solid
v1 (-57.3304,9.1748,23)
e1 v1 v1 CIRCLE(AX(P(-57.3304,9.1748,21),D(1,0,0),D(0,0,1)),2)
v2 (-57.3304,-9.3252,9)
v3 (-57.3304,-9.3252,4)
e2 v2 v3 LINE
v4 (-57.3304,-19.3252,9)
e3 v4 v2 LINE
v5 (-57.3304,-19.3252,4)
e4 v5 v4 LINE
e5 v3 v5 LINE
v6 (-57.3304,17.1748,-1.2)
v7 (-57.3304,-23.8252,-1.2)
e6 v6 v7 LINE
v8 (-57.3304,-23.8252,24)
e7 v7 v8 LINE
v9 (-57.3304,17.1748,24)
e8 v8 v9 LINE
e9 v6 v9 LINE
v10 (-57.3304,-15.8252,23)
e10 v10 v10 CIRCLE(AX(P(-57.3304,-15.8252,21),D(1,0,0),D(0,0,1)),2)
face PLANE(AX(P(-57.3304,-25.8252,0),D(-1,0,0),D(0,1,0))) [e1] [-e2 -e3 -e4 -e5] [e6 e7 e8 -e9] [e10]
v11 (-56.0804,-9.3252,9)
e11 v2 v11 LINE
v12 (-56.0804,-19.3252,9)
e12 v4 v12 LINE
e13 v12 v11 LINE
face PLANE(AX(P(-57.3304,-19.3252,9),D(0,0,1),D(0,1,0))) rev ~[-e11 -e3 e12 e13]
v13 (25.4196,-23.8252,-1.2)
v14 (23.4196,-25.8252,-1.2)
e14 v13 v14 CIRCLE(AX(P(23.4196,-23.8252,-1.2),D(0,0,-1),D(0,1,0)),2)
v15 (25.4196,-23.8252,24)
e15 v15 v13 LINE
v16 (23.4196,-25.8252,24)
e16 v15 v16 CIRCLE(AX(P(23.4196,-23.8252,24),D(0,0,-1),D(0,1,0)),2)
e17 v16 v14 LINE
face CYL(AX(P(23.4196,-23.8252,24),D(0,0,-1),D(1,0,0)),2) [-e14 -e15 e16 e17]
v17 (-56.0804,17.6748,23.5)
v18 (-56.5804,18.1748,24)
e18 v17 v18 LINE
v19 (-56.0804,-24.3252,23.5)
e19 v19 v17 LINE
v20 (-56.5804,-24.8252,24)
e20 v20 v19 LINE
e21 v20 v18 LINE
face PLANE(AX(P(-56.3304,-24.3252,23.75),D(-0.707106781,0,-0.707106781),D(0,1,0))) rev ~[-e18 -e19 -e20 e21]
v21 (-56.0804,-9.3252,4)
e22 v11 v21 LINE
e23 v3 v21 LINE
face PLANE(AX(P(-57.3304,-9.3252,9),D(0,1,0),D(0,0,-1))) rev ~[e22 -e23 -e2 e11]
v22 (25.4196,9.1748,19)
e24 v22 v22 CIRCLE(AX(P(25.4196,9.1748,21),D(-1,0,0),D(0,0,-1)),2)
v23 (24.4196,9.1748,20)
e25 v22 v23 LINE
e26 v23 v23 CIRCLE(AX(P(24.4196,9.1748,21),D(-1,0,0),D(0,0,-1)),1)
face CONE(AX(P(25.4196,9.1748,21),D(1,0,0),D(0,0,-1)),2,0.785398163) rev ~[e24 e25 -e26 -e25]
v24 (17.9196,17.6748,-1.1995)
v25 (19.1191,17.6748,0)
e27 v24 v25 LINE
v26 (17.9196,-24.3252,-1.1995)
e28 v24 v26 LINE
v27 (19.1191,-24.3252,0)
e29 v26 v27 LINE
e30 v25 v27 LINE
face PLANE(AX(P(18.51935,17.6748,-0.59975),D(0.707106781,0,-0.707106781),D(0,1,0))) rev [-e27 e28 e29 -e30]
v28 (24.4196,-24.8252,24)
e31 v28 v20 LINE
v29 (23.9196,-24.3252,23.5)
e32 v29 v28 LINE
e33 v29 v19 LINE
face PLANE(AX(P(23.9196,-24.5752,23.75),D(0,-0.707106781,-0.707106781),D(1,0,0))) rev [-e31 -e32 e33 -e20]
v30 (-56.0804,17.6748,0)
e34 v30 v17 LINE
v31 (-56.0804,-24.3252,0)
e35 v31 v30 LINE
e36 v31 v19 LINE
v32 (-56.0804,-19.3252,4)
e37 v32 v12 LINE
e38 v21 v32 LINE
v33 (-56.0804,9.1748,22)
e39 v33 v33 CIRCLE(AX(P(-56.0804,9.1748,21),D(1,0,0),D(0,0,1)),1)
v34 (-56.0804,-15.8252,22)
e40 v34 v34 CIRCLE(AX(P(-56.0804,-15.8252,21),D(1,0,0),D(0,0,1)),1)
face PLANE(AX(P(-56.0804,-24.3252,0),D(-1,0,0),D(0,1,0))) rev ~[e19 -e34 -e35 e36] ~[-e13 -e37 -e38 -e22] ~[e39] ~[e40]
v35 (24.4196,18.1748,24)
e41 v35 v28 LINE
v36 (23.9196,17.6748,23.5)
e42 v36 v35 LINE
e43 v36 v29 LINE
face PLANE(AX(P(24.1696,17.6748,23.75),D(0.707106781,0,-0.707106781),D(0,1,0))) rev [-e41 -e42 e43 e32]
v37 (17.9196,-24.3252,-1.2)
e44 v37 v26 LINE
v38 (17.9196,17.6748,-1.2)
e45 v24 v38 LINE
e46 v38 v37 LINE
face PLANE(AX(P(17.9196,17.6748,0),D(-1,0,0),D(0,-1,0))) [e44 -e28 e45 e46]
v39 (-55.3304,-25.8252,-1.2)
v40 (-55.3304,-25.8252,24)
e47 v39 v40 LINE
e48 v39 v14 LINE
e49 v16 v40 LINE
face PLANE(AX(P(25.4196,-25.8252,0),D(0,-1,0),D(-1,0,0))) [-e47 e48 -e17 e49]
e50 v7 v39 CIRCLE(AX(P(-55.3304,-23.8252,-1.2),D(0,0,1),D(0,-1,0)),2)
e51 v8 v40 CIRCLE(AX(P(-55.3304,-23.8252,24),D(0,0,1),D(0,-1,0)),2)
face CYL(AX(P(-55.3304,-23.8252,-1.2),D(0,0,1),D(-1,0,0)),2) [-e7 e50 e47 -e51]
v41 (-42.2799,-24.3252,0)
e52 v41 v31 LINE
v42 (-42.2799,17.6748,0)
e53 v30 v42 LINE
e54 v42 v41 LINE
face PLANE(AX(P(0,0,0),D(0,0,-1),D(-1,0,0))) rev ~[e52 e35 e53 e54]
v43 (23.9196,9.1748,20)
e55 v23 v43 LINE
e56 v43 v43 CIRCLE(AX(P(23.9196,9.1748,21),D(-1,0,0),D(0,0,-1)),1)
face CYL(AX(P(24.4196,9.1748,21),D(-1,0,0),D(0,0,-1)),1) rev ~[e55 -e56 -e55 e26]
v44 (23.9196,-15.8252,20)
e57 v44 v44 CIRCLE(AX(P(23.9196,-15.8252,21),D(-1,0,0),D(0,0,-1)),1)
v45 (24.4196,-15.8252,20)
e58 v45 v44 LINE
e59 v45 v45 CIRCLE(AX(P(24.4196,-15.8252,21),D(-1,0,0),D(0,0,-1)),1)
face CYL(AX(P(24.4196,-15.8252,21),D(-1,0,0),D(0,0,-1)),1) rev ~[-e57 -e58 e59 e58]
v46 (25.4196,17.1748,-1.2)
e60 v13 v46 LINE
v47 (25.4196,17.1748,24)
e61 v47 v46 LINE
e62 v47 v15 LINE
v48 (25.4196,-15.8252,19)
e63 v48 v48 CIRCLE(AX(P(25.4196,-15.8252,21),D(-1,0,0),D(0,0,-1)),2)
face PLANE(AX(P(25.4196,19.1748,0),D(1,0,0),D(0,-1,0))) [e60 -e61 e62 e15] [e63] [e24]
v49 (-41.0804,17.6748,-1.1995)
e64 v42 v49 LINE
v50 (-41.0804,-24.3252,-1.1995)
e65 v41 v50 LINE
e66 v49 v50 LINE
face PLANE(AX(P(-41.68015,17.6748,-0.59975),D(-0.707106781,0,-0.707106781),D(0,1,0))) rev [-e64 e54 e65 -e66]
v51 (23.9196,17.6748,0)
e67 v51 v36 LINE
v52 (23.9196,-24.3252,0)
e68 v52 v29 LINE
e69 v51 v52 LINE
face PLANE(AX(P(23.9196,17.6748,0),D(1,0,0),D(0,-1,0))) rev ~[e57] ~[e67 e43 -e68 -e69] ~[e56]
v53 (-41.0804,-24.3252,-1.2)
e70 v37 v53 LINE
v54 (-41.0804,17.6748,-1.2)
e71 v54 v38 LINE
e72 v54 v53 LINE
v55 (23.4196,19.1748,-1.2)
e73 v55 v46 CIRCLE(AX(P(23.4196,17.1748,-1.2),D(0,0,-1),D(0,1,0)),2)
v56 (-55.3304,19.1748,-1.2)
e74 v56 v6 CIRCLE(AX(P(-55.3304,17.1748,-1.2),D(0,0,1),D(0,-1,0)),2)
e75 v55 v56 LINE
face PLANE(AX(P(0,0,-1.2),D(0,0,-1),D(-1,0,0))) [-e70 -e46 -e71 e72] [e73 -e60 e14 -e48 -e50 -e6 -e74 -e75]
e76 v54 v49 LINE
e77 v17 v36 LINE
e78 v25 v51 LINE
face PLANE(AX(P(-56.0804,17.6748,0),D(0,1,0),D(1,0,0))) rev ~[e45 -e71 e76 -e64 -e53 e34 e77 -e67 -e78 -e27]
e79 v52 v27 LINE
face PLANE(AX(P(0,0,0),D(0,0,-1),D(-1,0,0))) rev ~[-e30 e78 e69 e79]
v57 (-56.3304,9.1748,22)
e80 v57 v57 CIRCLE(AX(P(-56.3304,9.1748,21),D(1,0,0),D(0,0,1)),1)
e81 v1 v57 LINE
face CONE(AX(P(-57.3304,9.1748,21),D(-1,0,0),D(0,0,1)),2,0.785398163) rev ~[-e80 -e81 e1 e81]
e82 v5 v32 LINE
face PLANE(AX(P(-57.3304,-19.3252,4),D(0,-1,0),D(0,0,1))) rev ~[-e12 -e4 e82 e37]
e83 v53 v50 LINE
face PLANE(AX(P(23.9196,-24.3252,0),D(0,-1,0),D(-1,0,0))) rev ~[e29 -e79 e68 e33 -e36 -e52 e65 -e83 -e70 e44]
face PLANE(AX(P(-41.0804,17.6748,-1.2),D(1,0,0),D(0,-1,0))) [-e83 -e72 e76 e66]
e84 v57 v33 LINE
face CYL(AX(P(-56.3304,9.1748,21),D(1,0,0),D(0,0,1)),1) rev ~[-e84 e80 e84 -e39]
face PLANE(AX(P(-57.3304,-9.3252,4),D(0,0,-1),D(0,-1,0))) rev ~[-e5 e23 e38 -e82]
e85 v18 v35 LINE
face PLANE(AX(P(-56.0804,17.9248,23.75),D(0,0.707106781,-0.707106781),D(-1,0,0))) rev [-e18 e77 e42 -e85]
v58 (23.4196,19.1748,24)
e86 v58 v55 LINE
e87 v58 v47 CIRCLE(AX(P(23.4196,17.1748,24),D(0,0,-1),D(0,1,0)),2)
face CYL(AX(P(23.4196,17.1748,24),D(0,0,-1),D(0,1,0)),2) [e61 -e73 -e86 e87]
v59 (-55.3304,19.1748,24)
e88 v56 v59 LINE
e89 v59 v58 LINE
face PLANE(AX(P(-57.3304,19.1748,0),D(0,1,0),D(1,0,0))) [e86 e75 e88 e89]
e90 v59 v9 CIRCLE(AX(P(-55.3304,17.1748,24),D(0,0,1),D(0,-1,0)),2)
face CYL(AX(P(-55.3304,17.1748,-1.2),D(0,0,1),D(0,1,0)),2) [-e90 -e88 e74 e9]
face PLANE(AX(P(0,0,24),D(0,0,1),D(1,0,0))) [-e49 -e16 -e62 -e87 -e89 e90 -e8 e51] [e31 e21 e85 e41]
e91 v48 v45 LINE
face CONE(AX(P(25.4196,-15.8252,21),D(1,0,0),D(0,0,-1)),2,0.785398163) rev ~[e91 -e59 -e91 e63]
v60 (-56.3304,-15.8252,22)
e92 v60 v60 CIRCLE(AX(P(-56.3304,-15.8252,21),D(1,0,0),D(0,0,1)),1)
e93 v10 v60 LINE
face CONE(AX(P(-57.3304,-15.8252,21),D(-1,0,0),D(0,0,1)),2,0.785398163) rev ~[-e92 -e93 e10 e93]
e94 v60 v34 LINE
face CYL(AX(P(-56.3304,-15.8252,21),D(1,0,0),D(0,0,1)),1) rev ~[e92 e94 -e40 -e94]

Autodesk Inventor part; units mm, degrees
ref_plane "YZ Plane" through (0, 0, 0) normal (1, 0, 0) x (0, 1, 0)
ref_plane "XZ Plane" through (0, 0, 0) normal (0, 1, 0) x (-1, 0, 0)
ref_plane "XY Plane" through (0, 0, 0) normal (0, 0, 1) x (1, 0, 0)
sketch "Sketch1" plane through (0, 0, 0) normal (0, 0, 1) x (1, 0, 0)
  line L0 (-56.0804, 17.6748) -> (23.9196, 17.6748)
  line L1 (23.9196, 17.6748) -> (23.9196, -24.3252)
  line L2 (23.9196, -24.3252) -> (-56.0804, -24.3252)
  line L3 (-56.0804, -24.3252) -> (-56.0804, 17.6748)
  line L4 (-57.3304, 19.1748) -> (25.4196, 19.1748)
  line L5 (25.4196, 19.1748) -> (25.4196, -25.8252)
  line L6 (25.4196, -25.8252) -> (-57.3304, -25.8252)
  line L7 (-57.3304, -25.8252) -> (-57.3304, 19.1748)
  point P0 (0, 0)
  dimension "d0" = 80
  dimension "d1" = 42
  dimension "d2" = 1.5
  dimension "d3" = 1.5
  dimension "d4" = 1.25
  dimension "d5" = 1.5
extrude "Extrusion1" add sketch "Sketch1" along normal blind 24
sketch "Sketch2" plane through (0, 0, 0) normal (0, 0, -1) x (-1, 0, 0)
  line L0 (-25.4196, -25.8252) -> (-25.4196, 19.1748) projected
  line L1 (57.3304, -25.8252) -> (-25.4196, -25.8252) projected
  line L2 (-25.4196, 19.1748) -> (57.3304, 19.1748)
  line L3 (57.3304, 19.1748) -> (57.3304, -25.8252)
  line L4 (57.3304, -25.8252) -> (-25.4196, -25.8252)
  line L5 (-25.4196, -25.8252) -> (-25.4196, 19.1748)
  point P0 (0, 0)
extrude "Extrusion2" add sketch "Sketch2" along normal blind 1.2
fillet "Fillet1" radius 2 4 edges at (-57.3304, 19.1748, 11.4) (-57.3304, -25.8252, 11.4) (25.4196, -25.8252, 11.4) (25.4196, 19.1748, 11.4)
sketch "Sketch3" plane through (0, 0, 0) normal (0, 0, 1) x (1, 0, 0)
  line L0 (-56.0804, 17.6748) -> (23.9196, 17.6748) projected
  line L1 (-45.0804, 17.6748) -> (17.9196, 17.6748)
  line L2 (17.9196, 17.6748) -> (17.9196, -24.8955)
  line L3 (17.9196, -24.8955) -> (-45.0804, -24.8955)
  line L4 (-45.0804, -24.8955) -> (-45.0804, 17.6748)
  line L5 (23.9196, 17.6748) -> (23.9196, -24.3252) projected
  point P0 (0, 0)
  point P1 (17.9196, 17.6748)
  dimension "d11" = 6
  dimension "d12" = 69
extrude "Extrusion3" cut sketch "Sketch3" against normal blind 1.2
chamfer "Chamfer1" distance 1.2 angle 45 2 edges at (-45.0804, -3.3252, 0) (17.9196, -3.3252, 0)
sketch "Sketch4" plane through (-57.3304, -23.8252, 24) normal (-1, 0, 0) x (0, 0, 1)
  line L0 (-15, 14.5) -> (-20, 14.5)
  line L1 (-20, 14.5) -> (-20, 4.5)
  line L2 (-20, 4.5) -> (-15, 4.5)
  line L3 (-15, 4.5) -> (-15, 14.5)
  line L4 (-24, -0.5) -> (-24, 41.5) projected
  line L5 (-24, -0.5) -> (0, -0.5) projected
  point P0 (-24, 23.8252)
  dimension "d18" = 4
  dimension "d19" = 5
  dimension "d20" = 10
  dimension "d21" = 5
extrude "Extrusion4" cut sketch "Sketch4" against normal blind 1.5
sketch "Sketch5" plane through (-57.3304, -23.8252, 24) normal (-1, 0, 0) x (0, 0, 1)
  line L0 (0, 43) -> (-25.2, 43) projected
  line L1 (-25.2, -2) -> (0, -2) projected
  line L2 (0, 41) -> (0, 0) projected
  point P0 (-24, 23.8252)
  point P1 (-3, 33)
  point P2 (-3, 8)
  dimension "d24" = 10
  dimension "d25" = 10
  dimension "d26" = 3
  dimension "d27" = 3
hole "Hole1" at (-57.3304, 9.1748, 21) at (-57.3304, -15.8252, 21) direction (1, 0, 0) diameter 2 depth 10 tip angle 179 countersink diameter 4 countersink angle 90
sketch "Sketch6" plane through (25.4196, -23.8252, 24) normal (1, 0, 0) x (0, 0, -1)
  circle A0 centre (3, 8) radius 1 projected
  circle A1 centre (3, 33) radius 1 projected
  point P0 (24, 23.8252)
hole "Hole2" at (25.4196, -15.8252, 21) at (25.4196, 9.1748, 21) direction (-1, 0, 0) diameter 2 depth 10 tip angle 179 countersink diameter 4 countersink angle 90
sketch "Sketch7" plane through (0, 0, -1.2) normal (0, 0, -1) x (-1, 0, 0)
  line L0 (45.0804, -24.8955) -> (-17.9196, -24.8955) projected
  line L1 (-17.9196, -24.3252) -> (-17.9196, 17.6748) projected
  line L2 (45.0804, -24.8955) -> (-17.9196, -24.8955)
  line L3 (-17.9196, -24.8955) -> (-17.9196, -24.3252)
  line L4 (-17.9196, -24.3252) -> (45.0804, -24.3252)
  line L5 (45.0804, -24.3252) -> (45.0804, -24.8955)
  point P0 (0, 0)
extrude "Extrusion5" add sketch "Sketch7" against normal blind 1.5
sketch "Sketch8" plane through (0, 0, -1.2) normal (0, 0, -1) x (-1, 0, 0)
  line L0 (-17.9196, -24.3252) -> (-17.9196, 17.6748) projected
  line L1 (-23.9196, -24.3252) -> (56.0804, -24.3252) projected
  line L2 (-17.9196, 17.6748) -> (41.0804, 17.6748)
  line L3 (41.0804, 17.6748) -> (41.0804, -24.3252)
  line L4 (41.0804, -24.3252) -> (-17.9196, -24.3252)
  line L5 (-17.9196, -24.3252) -> (-17.9196, 17.6748)
  line L6 (-23.9196, 17.6748) -> (-23.9196, -24.3252) projected
  line L7 (46.2804, -24.3252) -> (56.0804, -24.3252) projected
  line L8 (41.0804, 17.6748) -> (56.0804, 17.6748)
  line L9 (56.0804, 17.6748) -> (56.0804, -24.3252)
  line L10 (56.0804, -24.3252) -> (41.0804, -24.3252)
  line L11 (41.0804, -24.3252) -> (41.0804, 17.6748)
  point P0 (0, 0)
  dimension "d44" = 65
extrude "Extrusion6" add sketch "Sketch8" against normal blind 1.2 contours L3 L8 L9 L1
sketch "Sketch9" plane through (0, 0, -1.2) normal (0, 0, -1) x (-1, 0, 0)
  point P0 (0, 0)
chamfer "Chamfer2" distance 0.5 angle 45 4 edges at (-16.0804, 17.6748, 24) (-56.0804, -3.3252, 24) (-16.0804, -24.3252, 24) (23.9196, -3.3252, 24)
chamfer "Chamfer3" distance 1.2 angle 45 1 edges at (-41.0804, -3.3252, 0)
properties part number "screen cover"
